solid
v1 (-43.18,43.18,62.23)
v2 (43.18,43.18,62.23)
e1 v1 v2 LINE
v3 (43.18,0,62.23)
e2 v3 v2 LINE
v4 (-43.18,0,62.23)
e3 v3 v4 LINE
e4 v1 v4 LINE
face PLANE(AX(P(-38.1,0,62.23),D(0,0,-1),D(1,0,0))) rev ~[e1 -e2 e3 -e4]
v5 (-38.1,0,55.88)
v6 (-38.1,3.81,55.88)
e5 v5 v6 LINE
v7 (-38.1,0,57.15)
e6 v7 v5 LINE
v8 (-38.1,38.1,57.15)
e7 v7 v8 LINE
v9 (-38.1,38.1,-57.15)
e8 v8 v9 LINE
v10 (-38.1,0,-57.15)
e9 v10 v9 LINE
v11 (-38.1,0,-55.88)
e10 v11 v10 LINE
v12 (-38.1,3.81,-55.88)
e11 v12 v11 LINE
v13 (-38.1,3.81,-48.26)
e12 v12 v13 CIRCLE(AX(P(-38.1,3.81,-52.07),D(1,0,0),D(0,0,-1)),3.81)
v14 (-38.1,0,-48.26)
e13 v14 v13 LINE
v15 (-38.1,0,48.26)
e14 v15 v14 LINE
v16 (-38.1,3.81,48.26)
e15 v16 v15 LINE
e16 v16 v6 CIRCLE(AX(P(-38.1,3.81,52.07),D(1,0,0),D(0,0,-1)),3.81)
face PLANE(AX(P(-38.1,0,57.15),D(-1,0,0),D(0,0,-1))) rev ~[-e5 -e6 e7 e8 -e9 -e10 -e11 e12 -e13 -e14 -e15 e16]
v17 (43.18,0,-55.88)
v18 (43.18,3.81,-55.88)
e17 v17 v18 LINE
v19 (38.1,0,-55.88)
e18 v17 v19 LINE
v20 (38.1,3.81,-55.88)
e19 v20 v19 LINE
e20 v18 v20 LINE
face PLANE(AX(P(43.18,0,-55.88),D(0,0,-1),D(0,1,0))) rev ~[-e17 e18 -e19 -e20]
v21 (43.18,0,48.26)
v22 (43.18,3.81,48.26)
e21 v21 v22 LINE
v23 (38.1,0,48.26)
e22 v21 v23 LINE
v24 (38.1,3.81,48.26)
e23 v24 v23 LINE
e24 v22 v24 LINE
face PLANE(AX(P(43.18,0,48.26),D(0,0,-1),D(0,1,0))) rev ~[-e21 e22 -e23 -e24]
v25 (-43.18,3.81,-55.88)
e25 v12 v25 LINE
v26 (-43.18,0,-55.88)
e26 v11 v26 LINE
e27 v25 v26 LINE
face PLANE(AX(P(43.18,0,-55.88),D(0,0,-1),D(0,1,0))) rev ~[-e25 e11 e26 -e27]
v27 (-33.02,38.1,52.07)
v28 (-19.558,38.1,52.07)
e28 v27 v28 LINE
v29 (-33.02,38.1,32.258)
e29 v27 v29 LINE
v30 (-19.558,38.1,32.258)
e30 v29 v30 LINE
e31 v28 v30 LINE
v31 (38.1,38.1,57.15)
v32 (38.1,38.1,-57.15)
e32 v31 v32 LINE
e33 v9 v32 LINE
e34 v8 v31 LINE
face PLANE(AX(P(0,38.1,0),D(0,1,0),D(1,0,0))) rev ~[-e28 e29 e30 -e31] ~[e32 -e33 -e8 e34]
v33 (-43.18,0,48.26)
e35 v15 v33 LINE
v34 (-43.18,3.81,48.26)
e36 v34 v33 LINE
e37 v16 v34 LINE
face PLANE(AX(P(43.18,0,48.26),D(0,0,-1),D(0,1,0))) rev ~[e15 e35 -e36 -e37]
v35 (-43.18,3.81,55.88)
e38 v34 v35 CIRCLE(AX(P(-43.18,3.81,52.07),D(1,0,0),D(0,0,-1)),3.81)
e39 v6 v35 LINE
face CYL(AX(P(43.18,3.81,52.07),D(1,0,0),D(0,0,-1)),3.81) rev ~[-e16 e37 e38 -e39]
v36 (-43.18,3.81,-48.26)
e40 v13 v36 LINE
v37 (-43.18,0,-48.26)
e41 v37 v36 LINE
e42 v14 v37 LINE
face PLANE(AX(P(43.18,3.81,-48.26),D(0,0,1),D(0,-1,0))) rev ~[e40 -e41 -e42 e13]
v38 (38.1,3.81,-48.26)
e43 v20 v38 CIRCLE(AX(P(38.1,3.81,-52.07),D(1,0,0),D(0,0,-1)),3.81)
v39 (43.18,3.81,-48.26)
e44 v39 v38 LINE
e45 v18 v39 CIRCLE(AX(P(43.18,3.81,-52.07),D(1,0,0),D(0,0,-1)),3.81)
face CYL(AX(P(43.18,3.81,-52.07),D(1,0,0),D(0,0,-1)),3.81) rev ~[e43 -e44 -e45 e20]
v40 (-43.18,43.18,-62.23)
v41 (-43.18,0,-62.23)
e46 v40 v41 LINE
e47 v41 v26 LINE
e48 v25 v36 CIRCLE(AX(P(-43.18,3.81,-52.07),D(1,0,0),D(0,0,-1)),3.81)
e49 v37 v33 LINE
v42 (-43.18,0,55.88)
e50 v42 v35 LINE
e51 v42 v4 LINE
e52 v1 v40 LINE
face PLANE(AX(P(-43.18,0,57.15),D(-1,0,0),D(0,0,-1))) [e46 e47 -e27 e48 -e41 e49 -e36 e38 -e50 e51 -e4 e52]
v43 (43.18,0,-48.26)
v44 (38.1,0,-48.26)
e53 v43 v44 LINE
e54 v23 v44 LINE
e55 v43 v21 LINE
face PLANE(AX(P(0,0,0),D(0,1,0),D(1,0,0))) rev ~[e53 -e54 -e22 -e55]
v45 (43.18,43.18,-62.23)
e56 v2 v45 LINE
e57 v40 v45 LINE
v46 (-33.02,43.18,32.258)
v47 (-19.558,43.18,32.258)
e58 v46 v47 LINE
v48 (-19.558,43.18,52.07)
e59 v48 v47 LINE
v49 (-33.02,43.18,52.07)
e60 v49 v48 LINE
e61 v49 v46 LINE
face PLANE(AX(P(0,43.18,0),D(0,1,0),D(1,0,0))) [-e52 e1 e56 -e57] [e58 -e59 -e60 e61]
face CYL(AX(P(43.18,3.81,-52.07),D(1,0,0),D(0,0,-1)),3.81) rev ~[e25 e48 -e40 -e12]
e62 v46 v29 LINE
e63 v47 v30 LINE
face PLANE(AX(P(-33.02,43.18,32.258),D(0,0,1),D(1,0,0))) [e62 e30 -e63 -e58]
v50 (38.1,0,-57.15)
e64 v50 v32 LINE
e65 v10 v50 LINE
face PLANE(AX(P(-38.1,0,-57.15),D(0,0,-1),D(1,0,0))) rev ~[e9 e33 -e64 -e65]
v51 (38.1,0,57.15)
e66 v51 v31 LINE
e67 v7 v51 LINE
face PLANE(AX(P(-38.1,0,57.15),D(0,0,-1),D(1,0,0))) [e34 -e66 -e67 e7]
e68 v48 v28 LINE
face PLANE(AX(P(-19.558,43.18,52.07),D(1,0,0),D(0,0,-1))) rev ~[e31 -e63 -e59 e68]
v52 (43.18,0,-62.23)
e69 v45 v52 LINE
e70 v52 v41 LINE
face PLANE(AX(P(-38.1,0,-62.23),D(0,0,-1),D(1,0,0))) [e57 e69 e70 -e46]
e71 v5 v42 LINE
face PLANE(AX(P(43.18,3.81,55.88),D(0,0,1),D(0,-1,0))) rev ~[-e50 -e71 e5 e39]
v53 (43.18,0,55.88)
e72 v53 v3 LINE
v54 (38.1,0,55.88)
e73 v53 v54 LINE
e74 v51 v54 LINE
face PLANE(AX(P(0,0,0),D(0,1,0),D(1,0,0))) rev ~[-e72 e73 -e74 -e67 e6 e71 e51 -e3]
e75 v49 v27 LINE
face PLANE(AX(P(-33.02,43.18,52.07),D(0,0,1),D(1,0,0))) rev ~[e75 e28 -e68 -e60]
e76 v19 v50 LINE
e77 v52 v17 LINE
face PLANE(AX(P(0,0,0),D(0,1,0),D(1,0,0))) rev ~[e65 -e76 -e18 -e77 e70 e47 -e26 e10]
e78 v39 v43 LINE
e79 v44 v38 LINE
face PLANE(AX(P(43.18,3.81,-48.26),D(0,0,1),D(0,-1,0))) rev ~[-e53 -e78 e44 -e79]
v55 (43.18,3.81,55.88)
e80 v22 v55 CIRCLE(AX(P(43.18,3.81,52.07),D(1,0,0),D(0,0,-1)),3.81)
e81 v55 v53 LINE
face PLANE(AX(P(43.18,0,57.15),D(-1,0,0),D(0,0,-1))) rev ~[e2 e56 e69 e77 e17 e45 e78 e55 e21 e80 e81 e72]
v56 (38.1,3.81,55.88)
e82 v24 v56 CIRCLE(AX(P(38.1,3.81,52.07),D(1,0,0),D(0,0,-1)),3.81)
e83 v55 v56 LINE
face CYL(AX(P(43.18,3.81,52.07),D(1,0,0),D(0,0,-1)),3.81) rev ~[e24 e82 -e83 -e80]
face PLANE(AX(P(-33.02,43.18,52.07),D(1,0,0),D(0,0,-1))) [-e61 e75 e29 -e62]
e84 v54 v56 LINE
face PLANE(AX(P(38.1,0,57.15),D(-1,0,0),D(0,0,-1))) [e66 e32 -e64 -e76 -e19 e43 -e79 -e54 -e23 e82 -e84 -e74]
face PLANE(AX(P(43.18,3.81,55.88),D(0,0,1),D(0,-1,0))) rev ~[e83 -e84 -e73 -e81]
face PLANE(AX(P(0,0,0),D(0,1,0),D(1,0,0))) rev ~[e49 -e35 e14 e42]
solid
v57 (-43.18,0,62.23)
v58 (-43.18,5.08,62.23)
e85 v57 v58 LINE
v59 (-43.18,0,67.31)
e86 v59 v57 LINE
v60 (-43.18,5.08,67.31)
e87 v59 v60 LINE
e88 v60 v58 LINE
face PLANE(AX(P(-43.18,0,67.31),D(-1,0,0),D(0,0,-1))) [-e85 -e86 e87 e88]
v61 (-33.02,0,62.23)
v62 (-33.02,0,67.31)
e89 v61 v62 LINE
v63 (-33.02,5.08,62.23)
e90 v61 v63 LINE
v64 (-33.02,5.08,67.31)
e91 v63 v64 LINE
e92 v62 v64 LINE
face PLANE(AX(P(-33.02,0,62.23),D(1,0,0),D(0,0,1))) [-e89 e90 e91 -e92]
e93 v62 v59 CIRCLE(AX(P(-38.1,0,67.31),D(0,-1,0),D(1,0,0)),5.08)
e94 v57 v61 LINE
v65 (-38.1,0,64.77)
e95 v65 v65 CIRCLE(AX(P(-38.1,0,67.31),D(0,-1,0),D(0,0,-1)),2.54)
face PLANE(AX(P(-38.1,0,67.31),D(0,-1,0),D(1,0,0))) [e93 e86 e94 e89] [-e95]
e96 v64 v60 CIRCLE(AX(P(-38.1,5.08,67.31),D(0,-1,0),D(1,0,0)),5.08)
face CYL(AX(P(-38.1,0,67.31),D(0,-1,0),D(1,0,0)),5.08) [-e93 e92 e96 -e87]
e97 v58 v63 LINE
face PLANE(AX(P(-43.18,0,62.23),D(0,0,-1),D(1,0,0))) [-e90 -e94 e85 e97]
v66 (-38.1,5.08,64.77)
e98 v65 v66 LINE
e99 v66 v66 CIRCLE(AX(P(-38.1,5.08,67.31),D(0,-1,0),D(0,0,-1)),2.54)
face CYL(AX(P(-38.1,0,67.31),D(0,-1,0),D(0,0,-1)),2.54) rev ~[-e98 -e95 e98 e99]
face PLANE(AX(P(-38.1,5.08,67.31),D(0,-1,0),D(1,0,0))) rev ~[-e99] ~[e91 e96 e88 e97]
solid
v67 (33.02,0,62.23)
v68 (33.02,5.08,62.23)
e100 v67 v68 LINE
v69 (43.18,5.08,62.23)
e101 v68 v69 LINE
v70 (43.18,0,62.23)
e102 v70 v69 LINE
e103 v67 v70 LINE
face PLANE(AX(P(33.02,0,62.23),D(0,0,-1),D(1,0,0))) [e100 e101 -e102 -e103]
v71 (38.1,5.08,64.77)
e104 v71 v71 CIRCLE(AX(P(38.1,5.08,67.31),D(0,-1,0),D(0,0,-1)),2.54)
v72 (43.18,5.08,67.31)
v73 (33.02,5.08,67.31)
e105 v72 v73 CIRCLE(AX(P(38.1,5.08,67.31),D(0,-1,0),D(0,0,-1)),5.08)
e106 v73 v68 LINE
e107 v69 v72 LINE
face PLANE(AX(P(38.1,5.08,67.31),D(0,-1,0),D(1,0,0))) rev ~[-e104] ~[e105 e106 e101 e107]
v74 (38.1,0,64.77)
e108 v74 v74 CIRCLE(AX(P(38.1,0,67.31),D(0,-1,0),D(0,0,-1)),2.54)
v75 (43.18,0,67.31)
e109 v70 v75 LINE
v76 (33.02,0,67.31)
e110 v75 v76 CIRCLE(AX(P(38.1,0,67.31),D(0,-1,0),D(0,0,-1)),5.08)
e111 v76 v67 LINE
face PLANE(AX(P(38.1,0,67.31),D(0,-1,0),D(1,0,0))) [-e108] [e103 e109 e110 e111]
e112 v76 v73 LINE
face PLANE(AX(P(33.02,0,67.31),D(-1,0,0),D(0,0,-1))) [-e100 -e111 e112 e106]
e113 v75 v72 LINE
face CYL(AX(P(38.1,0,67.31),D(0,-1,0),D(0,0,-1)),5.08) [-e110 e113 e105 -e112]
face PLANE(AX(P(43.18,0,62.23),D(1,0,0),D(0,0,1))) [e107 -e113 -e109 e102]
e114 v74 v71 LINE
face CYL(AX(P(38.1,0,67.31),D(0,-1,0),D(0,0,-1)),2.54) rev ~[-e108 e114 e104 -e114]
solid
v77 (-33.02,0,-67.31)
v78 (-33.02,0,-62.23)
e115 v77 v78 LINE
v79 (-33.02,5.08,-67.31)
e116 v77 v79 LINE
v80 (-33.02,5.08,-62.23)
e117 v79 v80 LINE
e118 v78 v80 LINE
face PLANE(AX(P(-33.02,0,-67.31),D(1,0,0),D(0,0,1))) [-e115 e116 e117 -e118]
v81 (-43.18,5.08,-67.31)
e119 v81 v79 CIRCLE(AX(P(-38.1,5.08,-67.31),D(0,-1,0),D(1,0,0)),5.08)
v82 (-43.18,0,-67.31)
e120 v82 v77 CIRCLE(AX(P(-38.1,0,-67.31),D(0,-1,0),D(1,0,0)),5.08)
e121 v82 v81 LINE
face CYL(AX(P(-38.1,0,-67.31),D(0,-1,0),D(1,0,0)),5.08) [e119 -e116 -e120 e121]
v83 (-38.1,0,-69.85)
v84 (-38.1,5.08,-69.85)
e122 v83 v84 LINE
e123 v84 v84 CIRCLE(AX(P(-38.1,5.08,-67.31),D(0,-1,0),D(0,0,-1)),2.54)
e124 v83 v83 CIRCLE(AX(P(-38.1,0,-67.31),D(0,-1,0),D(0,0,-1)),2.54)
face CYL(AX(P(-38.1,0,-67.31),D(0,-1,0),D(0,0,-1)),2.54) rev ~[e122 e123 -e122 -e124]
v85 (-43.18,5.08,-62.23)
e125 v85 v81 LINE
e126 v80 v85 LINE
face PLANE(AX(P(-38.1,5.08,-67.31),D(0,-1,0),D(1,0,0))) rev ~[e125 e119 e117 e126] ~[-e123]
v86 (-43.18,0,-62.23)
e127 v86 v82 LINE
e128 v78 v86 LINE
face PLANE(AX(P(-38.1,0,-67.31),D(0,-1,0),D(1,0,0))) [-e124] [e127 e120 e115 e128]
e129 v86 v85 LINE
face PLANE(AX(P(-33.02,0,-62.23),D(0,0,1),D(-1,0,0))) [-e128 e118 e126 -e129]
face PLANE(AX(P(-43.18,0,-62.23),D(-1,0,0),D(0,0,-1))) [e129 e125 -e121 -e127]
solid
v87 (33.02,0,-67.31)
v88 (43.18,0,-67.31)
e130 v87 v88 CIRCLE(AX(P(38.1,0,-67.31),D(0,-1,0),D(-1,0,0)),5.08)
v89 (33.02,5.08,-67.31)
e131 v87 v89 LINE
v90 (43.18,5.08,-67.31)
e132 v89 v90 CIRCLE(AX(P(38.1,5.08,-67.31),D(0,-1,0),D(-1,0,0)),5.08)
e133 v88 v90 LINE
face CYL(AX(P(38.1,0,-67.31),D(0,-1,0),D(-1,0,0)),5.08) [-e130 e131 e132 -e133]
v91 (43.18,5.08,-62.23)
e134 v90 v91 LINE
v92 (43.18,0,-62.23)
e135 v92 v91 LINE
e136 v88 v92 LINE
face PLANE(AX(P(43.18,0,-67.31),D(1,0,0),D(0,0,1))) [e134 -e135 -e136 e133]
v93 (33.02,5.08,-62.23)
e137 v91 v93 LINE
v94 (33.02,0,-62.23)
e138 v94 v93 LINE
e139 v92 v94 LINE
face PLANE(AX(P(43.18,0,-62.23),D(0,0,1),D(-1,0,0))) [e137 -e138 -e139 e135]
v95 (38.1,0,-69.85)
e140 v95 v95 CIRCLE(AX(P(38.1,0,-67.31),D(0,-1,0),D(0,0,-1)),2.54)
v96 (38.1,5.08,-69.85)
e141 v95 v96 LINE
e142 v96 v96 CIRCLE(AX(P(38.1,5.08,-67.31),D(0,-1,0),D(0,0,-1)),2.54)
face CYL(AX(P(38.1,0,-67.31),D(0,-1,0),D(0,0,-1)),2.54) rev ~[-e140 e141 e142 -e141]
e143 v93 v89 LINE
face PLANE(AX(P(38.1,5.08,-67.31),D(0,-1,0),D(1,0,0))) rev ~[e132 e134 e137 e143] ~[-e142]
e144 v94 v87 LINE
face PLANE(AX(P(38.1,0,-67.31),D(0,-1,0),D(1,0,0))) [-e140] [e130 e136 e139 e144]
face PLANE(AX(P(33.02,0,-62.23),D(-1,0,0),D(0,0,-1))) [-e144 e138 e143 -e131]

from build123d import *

# Parameters (mm, degrees)
SKETCH1_W           = 76.2
SKETCH1_H           = 114.3
BOSS_EXTRUDE1_DEPTH = 38.1
SHELL1_T            = 5.08
SKETCH2_R           = 5.08
SKETCH2_R_2         = 2.54
BOSS_EXTRUDE2_DEPTH = 5.08
CUT_EXTRUDE1_DEPTH  = 121.67673388
SKETCH4_W           = 13.462
SKETCH4_H           = 19.812
CUT_EXTRUDE2_DEPTH  = 95.706583193


with BuildPart() as part:
    # Sketch1 → Boss-Extrude1 (new body)
    with BuildSketch(Plane(origin=(0, 0, 0), x_dir=(1, 0, 0), z_dir=(0, 1, 0))):
        Rectangle(SKETCH1_W, SKETCH1_H)
    extrude(amount=BOSS_EXTRUDE1_DEPTH)

    # Shell1
    shell1_openings = [part.faces().sort_by_distance(p)[0] for p in [
        (0, 0, 0),
    ]]
    offset(amount=SHELL1_T, openings=shell1_openings, kind=Kind.INTERSECTION)

    # Sketch3 → Cut-Extrude1 (cut, through all)
    with BuildSketch(Plane(origin=(43.18, 0, 0), x_dir=(0, 0, -1), z_dir=(1, 0, 0))):
        with BuildLine():
            Line((-55.88, 3.81), (-55.88, 0))
            Line((-55.88, 0), (-48.26, 0))
            Line((-48.26, 0), (-48.26, 3.81))
            ThreePointArc((-48.26, 3.81), (-52.07, 7.62), (-55.88, 3.81))
        make_face()
        with BuildLine():
            Line((48.26, 3.81), (48.26, 0))
            Line((48.26, 0), (55.88, 0))
            Line((55.88, 0), (55.88, 3.81))
            ThreePointArc((55.88, 3.81), (52.07, 7.62), (48.26, 3.81))
        make_face()
    extrude(amount=-CUT_EXTRUDE1_DEPTH, mode=Mode.SUBTRACT)

    # Sketch4 → Cut-Extrude2 (cut, through all)
    with BuildSketch(Plane(origin=(0, 43.18, 0), x_dir=(1, 0, 0), z_dir=(0, 1, 0))):
        with Locations((-26.289, -42.164)):
            Rectangle(SKETCH4_W, SKETCH4_H)
    extrude(amount=-CUT_EXTRUDE2_DEPTH, mode=Mode.SUBTRACT)


with BuildPart() as body_2:
    # Sketch2 → Boss-Extrude2 (new body)
    with BuildSketch(Plane.XZ):
        with Locations((-38.1, 67.31)):
            Circle(SKETCH2_R)
        with Locations(Location((-38.1, 67.31, 0), (0, 0, 270))):
            Circle(SKETCH2_R_2, mode=Mode.SUBTRACT)
        with BuildLine():
            Line((-33.02, 62.23), (-33.02, 67.31))
            ThreePointArc((-33.02, 67.31), (-34.507897552, 63.717897552), (-38.1, 62.23))
            Line((-38.1, 62.23), (-33.02, 62.23))
        make_face()
        with BuildLine():
            ThreePointArc((-38.1, 62.23), (-41.692102448, 63.717897552), (-43.18, 67.31))
            Line((-43.18, 67.31), (-43.18, 62.23))
            Line((-43.18, 62.23), (-38.1, 62.23))
        make_face()
        with Locations((38.1, 67.31)):
            Circle(SKETCH2_R)
        with Locations(Location((38.1, 67.31, 0), (0, 0, 270))):
            Circle(SKETCH2_R_2, mode=Mode.SUBTRACT)
        with BuildLine():
            Line((33.02, 67.31), (33.02, 62.23))
            Line((33.02, 62.23), (38.1, 62.23))
            ThreePointArc((38.1, 62.23), (34.507897552, 63.717897552), (33.02, 67.31))
        make_face()
        with BuildLine():
            ThreePointArc((43.18, 67.31), (41.692102448, 63.717897552), (38.1, 62.23))
            Line((38.1, 62.23), (43.18, 62.23))
            Line((43.18, 62.23), (43.18, 67.31))
        make_face()
        with Locations((38.1, -67.31)):
            Circle(SKETCH2_R)
        with Locations(Location((38.1, -67.31, 0), (0, 0, 270))):
            Circle(SKETCH2_R_2, mode=Mode.SUBTRACT)
        with BuildLine():
            Line((33.02, -62.23), (33.02, -67.31))
            ThreePointArc((33.02, -67.31), (34.507897552, -63.717897552), (38.1, -62.23))
            Line((38.1, -62.23), (33.02, -62.23))
        make_face()
        with BuildLine():
            ThreePointArc((38.1, -62.23), (41.692102448, -63.717897552), (43.18, -67.31))
            Line((43.18, -67.31), (43.18, -62.23))
            Line((43.18, -62.23), (38.1, -62.23))
        make_face()
        with Locations((-38.1, -67.31)):
            Circle(SKETCH2_R)
        with Locations(Location((-38.1, -67.31, 0), (0, 0, 270))):
            Circle(SKETCH2_R_2, mode=Mode.SUBTRACT)
        with BuildLine():
            Line((-33.02, -67.31), (-33.02, -62.23))
            Line((-33.02, -62.23), (-38.1, -62.23))
            ThreePointArc((-38.1, -62.23), (-34.507897552, -63.717897552), (-33.02, -67.31))
        make_face()
        with BuildLine():
            ThreePointArc((-43.18, -67.31), (-41.692102448, -63.717897552), (-38.1, -62.23))
            Line((-38.1, -62.23), (-43.18, -62.23))
            Line((-43.18, -62.23), (-43.18, -67.31))
        make_face()
    extrude(amount=-BOSS_EXTRUDE2_DEPTH)


solid = Compound([part.part, body_2.part])
